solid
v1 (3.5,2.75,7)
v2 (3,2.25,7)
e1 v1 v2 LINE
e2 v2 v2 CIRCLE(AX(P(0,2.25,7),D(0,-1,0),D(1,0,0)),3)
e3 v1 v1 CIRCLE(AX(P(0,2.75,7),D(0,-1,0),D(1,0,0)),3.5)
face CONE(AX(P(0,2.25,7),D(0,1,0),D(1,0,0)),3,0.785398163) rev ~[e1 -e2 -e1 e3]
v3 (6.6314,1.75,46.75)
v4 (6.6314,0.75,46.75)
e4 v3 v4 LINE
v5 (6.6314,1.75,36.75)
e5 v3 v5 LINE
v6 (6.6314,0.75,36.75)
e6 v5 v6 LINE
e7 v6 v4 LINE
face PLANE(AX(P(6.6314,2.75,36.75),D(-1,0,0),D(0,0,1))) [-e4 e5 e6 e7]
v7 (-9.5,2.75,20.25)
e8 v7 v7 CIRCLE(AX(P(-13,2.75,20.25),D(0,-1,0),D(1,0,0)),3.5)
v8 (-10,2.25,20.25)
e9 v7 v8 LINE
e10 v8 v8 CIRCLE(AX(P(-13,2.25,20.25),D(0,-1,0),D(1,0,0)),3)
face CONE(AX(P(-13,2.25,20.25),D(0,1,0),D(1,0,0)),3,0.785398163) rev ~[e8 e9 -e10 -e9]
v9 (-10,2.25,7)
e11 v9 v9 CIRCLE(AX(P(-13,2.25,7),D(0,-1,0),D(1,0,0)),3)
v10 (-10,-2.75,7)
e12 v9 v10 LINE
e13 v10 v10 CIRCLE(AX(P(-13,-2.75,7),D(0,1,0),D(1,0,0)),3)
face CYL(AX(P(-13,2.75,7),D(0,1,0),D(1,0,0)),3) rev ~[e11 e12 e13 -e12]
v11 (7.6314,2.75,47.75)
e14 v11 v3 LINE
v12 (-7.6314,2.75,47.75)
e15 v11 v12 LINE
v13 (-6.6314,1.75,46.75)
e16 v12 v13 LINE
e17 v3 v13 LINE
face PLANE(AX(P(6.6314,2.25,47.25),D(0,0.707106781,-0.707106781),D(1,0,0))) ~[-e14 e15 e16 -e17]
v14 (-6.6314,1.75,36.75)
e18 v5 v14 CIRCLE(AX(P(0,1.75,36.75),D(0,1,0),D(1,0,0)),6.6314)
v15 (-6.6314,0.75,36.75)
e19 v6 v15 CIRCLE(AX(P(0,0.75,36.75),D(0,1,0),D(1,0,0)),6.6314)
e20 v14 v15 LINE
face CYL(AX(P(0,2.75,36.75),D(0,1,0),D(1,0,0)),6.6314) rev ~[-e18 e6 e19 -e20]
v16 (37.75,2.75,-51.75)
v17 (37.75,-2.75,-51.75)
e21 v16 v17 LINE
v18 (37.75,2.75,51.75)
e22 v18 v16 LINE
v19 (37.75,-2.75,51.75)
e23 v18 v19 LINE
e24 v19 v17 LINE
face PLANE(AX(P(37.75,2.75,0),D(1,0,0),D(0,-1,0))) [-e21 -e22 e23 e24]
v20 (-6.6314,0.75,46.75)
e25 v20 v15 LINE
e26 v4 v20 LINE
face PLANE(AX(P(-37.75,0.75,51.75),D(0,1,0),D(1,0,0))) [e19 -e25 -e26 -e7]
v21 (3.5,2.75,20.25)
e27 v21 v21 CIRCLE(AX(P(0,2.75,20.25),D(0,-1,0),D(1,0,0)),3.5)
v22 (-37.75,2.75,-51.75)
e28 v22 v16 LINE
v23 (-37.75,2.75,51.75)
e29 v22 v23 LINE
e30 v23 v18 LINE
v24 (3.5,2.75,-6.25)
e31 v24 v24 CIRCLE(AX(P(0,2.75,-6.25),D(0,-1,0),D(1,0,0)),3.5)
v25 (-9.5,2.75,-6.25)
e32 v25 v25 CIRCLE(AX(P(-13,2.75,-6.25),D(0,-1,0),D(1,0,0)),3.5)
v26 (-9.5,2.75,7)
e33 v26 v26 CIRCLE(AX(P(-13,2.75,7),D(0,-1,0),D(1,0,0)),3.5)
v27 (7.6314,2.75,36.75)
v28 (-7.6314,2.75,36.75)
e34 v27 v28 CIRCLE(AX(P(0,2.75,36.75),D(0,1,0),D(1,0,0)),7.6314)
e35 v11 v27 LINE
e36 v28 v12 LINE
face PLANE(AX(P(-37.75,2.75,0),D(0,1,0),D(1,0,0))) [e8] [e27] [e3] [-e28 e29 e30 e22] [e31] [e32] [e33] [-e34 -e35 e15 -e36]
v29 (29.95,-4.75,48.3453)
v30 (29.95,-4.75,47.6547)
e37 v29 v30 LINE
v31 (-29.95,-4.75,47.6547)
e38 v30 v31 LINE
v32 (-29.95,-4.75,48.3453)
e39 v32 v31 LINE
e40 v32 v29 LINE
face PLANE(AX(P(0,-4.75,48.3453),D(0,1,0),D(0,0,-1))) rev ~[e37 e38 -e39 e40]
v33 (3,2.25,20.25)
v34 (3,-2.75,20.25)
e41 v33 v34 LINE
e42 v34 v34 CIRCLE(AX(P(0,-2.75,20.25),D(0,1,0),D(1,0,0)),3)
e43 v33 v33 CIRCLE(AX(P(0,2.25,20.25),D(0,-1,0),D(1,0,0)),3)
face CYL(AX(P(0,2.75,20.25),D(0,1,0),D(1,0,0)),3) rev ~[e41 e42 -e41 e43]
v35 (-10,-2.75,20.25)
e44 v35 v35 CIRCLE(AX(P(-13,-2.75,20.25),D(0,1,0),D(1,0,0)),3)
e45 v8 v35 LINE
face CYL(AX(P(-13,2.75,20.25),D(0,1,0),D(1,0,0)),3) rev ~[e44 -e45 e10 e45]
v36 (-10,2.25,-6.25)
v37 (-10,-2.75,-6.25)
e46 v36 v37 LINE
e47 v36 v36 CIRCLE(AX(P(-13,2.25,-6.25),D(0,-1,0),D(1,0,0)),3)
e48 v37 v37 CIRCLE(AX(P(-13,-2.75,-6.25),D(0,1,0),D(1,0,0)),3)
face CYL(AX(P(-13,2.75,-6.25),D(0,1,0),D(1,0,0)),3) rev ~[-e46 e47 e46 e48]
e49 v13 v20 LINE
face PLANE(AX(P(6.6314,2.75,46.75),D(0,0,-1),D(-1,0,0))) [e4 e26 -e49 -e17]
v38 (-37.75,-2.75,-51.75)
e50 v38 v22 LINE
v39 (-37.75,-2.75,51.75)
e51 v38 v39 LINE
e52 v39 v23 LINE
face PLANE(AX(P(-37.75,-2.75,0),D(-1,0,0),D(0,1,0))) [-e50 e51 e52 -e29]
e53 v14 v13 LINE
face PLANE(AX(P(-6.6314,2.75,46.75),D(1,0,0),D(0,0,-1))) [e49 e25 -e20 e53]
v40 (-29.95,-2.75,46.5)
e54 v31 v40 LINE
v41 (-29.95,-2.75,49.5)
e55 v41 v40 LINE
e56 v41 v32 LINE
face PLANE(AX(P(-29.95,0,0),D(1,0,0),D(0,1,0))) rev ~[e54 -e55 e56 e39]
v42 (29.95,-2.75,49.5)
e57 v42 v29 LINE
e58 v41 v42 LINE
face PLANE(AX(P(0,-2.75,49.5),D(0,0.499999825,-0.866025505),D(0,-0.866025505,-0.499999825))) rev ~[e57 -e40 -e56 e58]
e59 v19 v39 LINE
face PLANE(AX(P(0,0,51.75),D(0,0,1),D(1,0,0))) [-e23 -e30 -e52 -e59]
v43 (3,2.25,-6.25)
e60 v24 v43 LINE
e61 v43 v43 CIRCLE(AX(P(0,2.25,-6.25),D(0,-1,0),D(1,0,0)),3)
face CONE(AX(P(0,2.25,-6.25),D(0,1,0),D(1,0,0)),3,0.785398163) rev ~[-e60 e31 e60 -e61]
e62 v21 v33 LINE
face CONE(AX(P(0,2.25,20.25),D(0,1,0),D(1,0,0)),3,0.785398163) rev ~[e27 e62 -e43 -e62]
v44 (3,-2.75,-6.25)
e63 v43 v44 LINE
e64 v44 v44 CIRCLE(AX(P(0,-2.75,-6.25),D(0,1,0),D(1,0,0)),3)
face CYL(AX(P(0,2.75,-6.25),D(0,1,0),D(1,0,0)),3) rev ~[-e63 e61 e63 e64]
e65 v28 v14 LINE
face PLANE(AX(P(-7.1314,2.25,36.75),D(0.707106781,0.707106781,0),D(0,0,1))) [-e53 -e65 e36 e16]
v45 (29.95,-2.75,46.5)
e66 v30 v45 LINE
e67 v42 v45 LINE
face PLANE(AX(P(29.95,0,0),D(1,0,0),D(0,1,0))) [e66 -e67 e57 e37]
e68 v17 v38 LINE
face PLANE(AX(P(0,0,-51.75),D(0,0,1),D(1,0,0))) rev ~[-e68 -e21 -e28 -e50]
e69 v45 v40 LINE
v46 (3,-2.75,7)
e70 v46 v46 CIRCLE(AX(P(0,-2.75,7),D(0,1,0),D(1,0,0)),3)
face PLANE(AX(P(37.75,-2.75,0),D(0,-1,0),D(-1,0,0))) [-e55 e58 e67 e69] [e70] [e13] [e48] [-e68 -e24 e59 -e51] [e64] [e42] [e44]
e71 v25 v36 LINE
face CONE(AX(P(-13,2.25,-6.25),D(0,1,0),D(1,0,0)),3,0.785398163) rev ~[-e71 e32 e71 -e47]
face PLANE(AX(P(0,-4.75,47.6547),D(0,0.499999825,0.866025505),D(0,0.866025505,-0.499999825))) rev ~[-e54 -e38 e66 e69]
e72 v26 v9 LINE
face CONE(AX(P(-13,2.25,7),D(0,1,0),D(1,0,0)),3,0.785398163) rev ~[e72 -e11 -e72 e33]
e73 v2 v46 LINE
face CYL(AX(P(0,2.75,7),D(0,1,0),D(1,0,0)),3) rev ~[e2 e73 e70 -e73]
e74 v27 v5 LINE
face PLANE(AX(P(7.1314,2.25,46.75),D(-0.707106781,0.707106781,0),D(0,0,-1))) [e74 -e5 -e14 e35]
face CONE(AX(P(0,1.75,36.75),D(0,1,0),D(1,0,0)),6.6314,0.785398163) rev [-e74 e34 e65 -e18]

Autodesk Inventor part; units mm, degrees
ref_plane "XZ Plane" through (0, 0, 0) normal (0, 1, 0) x (-1, 0, 0)
ref_plane "XY Plane" through (0, 0, 0) normal (0, 0, 1) x (1, 0, 0)
sketch "Sketch1" plane through (0, 0, 0) normal (0, 0, 1) x (1, 0, 0)
  line L0 (-37.75, 2.75) -> (37.75, 2.75)
  line L1 (37.75, 2.75) -> (37.75, -2.75)
  line L2 (37.75, -2.75) -> (-37.75, -2.75)
  line L3 (-37.75, -2.75) -> (-37.75, 2.75)
  point P0 (0, 0)
  point P1 (0, 2.75)
  point P2 (-37.75, 0)
  dimension "d0" = 5.5
  dimension "d1" = 75.5
extrude "Extrusion1" add sketch "Sketch1" along normal mid plane 103.5
ref_plane "Work Plane1" through (0, 0, 0) normal (1, 0, 0) x (0, 1, 0)
sketch "Sketch6" plane through (0, 0, 0) normal (1, 0, 0) x (0, 1, 0)
  line L0 (-2.75, 51.75) -> (-2.75, -51.75) projected
  line L1 (-2.75, 49.5) -> (-4.75, 48.3453)
  line L2 (-4.75, 48.3453) -> (-4.75, 47.6547)
  line L3 (-4.75, 47.6547) -> (-2.75, 46.5)
  line L4 (-2.75, 46.5) -> (-2.75, 49.5)
  point P0 (0, 0)
  point P1 (-2.75, 48)
  point P2 (-4.75, 48)
  dimension "d17" = 2.25
  dimension "d18" = 3
  dimension "d19" = 2
  dimension "d20" = 60
extrude "Extrusion4" add sketch "Sketch6" along normal mid plane 59.9
sketch "Sketch7" plane through (-37.75, 2.75, 51.75) normal (0, 1, 0) x (1, 0, 0)
  line L0 (75.5, 0) -> (0, 0) projected
  line L1 (44.3814, 15) -> (44.3814, 5)
  line L2 (44.3814, 5) -> (31.1186, 5)
  line L3 (31.1186, 5) -> (31.1186, 15)
  arc A0 (44.3814, 15) -> (31.1186, 15) centre (37.75, 15) ccw
  point P0 (37.75, 51.75)
  point P1 (37.75, 5)
  point P2 (37.75, 0)
  point P3 (37.75, 0)
  dimension "d23" = 5
  dimension "d25" = 10
  dimension "d26" = 6.6314
extrude "Extrusion5" cut sketch "Sketch7" against normal blind 2
chamfer "Chamfer2" distance 1 angle 45 4 edges at (0, 2.75, 30.1186) (6.6314, 2.75, 41.75) (-6.6314, 2.75, 41.75) (0, 2.75, 46.75)
sketch "Sketch8" plane through (-37.75, 2.75, 51.75) normal (0, 1, 0) x (1, 0, 0)
  line L0 (0, 103.5) -> (75.5, 103.5) projected
  line L1 (3, 100.5) -> (72.5, 100.5)
  line L2 (72.5, 100.5) -> (72.5, 6)
  line L3 (72.5, 6) -> (3, 6)
  line L4 (3, 6) -> (3, 100.5)
  line L5 (0, 103.5) -> (0, 0) projected
  line L6 (75.5, 0) -> (0, 0) projected
  line L7 (9.25, 96.25) -> (66.25, 96.25)
  line L8 (66.25, 96.25) -> (66.25, 10.25)
  line L9 (66.25, 10.25) -> (9.25, 10.25)
  line L10 (9.25, 10.25) -> (9.25, 96.25)
  line L11 (18.25, 71.25) -> (44.25, 71.25)
  line L12 (44.25, 71.25) -> (44.25, 18.25)
  line L13 (44.25, 18.25) -> (18.25, 18.25)
  line L14 (18.25, 18.25) -> (18.25, 71.25)
  line L15 (18.25, 44.75) -> (44.25, 44.75)
  line L16 (18.25, 58) -> (44.25, 58)
  line L17 (18.25, 31.5) -> (44.25, 31.5)
  circle A0 centre (24.75, 58) radius 3
  circle A1 centre (24.75, 44.75) radius 3
  circle A2 centre (24.75, 31.5) radius 3
  circle A3 centre (37.75, 58) radius 3
  circle A4 centre (37.75, 44.75) radius 3
  circle A5 centre (37.75, 31.5) radius 3
  point P0 (37.75, 51.75)
  point P1 (37.75, 100.5)
  point P2 (37.75, 103.5)
  point P3 (37.75, 96.25)
  point P4 (3, 53.25)
  point P5 (9.25, 53.25)
  point P6 (31.25, 31.5)
  dimension "d32" = 3
  dimension "d33" = 3
  dimension "d34" = 6
  dimension "d35" = 57
  dimension "d36" = 86
  dimension "d37" = 8
  dimension "d38" = 53
  dimension "d39" = 26
  dimension "d40" = 22
  dimension "d44" = 6.5
  dimension "d45" = 6.5
  dimension "d46" = 6.5
  dimension "d47" = 6.5
  dimension "d48" = 6.5
  dimension "d49" = 6.5
  dimension "d50" = 6
  dimension "d51" = 6
  dimension "d52" = 6
  dimension "d53" = 6
  dimension "d54" = 6
  dimension "d55" = 6
  dimension "d56" = 13.25
  dimension "d57" = 26.5
  dimension "d58" = 13.25
extrude "Extrusion6" cut sketch "Sketch8" against normal up to surface (5.5 mm away) contours A0 L16 | L16 A0 | A3 L16 | L16 A3 | A1 L15 | L15 A1 | A4 L15 | L15 A4 | A2 L17 | L17 A2 | A5 L17 | L17 A5
chamfer "Chamfer3" distance 0.5 angle 45 6 edges at (-16, 2.75, -6.25) (-16, 2.75, 7) (-16, 2.75, 20.25) (-3, 2.75, 20.25) (-3, 2.75, 7) (-3, 2.75, -6.25)
